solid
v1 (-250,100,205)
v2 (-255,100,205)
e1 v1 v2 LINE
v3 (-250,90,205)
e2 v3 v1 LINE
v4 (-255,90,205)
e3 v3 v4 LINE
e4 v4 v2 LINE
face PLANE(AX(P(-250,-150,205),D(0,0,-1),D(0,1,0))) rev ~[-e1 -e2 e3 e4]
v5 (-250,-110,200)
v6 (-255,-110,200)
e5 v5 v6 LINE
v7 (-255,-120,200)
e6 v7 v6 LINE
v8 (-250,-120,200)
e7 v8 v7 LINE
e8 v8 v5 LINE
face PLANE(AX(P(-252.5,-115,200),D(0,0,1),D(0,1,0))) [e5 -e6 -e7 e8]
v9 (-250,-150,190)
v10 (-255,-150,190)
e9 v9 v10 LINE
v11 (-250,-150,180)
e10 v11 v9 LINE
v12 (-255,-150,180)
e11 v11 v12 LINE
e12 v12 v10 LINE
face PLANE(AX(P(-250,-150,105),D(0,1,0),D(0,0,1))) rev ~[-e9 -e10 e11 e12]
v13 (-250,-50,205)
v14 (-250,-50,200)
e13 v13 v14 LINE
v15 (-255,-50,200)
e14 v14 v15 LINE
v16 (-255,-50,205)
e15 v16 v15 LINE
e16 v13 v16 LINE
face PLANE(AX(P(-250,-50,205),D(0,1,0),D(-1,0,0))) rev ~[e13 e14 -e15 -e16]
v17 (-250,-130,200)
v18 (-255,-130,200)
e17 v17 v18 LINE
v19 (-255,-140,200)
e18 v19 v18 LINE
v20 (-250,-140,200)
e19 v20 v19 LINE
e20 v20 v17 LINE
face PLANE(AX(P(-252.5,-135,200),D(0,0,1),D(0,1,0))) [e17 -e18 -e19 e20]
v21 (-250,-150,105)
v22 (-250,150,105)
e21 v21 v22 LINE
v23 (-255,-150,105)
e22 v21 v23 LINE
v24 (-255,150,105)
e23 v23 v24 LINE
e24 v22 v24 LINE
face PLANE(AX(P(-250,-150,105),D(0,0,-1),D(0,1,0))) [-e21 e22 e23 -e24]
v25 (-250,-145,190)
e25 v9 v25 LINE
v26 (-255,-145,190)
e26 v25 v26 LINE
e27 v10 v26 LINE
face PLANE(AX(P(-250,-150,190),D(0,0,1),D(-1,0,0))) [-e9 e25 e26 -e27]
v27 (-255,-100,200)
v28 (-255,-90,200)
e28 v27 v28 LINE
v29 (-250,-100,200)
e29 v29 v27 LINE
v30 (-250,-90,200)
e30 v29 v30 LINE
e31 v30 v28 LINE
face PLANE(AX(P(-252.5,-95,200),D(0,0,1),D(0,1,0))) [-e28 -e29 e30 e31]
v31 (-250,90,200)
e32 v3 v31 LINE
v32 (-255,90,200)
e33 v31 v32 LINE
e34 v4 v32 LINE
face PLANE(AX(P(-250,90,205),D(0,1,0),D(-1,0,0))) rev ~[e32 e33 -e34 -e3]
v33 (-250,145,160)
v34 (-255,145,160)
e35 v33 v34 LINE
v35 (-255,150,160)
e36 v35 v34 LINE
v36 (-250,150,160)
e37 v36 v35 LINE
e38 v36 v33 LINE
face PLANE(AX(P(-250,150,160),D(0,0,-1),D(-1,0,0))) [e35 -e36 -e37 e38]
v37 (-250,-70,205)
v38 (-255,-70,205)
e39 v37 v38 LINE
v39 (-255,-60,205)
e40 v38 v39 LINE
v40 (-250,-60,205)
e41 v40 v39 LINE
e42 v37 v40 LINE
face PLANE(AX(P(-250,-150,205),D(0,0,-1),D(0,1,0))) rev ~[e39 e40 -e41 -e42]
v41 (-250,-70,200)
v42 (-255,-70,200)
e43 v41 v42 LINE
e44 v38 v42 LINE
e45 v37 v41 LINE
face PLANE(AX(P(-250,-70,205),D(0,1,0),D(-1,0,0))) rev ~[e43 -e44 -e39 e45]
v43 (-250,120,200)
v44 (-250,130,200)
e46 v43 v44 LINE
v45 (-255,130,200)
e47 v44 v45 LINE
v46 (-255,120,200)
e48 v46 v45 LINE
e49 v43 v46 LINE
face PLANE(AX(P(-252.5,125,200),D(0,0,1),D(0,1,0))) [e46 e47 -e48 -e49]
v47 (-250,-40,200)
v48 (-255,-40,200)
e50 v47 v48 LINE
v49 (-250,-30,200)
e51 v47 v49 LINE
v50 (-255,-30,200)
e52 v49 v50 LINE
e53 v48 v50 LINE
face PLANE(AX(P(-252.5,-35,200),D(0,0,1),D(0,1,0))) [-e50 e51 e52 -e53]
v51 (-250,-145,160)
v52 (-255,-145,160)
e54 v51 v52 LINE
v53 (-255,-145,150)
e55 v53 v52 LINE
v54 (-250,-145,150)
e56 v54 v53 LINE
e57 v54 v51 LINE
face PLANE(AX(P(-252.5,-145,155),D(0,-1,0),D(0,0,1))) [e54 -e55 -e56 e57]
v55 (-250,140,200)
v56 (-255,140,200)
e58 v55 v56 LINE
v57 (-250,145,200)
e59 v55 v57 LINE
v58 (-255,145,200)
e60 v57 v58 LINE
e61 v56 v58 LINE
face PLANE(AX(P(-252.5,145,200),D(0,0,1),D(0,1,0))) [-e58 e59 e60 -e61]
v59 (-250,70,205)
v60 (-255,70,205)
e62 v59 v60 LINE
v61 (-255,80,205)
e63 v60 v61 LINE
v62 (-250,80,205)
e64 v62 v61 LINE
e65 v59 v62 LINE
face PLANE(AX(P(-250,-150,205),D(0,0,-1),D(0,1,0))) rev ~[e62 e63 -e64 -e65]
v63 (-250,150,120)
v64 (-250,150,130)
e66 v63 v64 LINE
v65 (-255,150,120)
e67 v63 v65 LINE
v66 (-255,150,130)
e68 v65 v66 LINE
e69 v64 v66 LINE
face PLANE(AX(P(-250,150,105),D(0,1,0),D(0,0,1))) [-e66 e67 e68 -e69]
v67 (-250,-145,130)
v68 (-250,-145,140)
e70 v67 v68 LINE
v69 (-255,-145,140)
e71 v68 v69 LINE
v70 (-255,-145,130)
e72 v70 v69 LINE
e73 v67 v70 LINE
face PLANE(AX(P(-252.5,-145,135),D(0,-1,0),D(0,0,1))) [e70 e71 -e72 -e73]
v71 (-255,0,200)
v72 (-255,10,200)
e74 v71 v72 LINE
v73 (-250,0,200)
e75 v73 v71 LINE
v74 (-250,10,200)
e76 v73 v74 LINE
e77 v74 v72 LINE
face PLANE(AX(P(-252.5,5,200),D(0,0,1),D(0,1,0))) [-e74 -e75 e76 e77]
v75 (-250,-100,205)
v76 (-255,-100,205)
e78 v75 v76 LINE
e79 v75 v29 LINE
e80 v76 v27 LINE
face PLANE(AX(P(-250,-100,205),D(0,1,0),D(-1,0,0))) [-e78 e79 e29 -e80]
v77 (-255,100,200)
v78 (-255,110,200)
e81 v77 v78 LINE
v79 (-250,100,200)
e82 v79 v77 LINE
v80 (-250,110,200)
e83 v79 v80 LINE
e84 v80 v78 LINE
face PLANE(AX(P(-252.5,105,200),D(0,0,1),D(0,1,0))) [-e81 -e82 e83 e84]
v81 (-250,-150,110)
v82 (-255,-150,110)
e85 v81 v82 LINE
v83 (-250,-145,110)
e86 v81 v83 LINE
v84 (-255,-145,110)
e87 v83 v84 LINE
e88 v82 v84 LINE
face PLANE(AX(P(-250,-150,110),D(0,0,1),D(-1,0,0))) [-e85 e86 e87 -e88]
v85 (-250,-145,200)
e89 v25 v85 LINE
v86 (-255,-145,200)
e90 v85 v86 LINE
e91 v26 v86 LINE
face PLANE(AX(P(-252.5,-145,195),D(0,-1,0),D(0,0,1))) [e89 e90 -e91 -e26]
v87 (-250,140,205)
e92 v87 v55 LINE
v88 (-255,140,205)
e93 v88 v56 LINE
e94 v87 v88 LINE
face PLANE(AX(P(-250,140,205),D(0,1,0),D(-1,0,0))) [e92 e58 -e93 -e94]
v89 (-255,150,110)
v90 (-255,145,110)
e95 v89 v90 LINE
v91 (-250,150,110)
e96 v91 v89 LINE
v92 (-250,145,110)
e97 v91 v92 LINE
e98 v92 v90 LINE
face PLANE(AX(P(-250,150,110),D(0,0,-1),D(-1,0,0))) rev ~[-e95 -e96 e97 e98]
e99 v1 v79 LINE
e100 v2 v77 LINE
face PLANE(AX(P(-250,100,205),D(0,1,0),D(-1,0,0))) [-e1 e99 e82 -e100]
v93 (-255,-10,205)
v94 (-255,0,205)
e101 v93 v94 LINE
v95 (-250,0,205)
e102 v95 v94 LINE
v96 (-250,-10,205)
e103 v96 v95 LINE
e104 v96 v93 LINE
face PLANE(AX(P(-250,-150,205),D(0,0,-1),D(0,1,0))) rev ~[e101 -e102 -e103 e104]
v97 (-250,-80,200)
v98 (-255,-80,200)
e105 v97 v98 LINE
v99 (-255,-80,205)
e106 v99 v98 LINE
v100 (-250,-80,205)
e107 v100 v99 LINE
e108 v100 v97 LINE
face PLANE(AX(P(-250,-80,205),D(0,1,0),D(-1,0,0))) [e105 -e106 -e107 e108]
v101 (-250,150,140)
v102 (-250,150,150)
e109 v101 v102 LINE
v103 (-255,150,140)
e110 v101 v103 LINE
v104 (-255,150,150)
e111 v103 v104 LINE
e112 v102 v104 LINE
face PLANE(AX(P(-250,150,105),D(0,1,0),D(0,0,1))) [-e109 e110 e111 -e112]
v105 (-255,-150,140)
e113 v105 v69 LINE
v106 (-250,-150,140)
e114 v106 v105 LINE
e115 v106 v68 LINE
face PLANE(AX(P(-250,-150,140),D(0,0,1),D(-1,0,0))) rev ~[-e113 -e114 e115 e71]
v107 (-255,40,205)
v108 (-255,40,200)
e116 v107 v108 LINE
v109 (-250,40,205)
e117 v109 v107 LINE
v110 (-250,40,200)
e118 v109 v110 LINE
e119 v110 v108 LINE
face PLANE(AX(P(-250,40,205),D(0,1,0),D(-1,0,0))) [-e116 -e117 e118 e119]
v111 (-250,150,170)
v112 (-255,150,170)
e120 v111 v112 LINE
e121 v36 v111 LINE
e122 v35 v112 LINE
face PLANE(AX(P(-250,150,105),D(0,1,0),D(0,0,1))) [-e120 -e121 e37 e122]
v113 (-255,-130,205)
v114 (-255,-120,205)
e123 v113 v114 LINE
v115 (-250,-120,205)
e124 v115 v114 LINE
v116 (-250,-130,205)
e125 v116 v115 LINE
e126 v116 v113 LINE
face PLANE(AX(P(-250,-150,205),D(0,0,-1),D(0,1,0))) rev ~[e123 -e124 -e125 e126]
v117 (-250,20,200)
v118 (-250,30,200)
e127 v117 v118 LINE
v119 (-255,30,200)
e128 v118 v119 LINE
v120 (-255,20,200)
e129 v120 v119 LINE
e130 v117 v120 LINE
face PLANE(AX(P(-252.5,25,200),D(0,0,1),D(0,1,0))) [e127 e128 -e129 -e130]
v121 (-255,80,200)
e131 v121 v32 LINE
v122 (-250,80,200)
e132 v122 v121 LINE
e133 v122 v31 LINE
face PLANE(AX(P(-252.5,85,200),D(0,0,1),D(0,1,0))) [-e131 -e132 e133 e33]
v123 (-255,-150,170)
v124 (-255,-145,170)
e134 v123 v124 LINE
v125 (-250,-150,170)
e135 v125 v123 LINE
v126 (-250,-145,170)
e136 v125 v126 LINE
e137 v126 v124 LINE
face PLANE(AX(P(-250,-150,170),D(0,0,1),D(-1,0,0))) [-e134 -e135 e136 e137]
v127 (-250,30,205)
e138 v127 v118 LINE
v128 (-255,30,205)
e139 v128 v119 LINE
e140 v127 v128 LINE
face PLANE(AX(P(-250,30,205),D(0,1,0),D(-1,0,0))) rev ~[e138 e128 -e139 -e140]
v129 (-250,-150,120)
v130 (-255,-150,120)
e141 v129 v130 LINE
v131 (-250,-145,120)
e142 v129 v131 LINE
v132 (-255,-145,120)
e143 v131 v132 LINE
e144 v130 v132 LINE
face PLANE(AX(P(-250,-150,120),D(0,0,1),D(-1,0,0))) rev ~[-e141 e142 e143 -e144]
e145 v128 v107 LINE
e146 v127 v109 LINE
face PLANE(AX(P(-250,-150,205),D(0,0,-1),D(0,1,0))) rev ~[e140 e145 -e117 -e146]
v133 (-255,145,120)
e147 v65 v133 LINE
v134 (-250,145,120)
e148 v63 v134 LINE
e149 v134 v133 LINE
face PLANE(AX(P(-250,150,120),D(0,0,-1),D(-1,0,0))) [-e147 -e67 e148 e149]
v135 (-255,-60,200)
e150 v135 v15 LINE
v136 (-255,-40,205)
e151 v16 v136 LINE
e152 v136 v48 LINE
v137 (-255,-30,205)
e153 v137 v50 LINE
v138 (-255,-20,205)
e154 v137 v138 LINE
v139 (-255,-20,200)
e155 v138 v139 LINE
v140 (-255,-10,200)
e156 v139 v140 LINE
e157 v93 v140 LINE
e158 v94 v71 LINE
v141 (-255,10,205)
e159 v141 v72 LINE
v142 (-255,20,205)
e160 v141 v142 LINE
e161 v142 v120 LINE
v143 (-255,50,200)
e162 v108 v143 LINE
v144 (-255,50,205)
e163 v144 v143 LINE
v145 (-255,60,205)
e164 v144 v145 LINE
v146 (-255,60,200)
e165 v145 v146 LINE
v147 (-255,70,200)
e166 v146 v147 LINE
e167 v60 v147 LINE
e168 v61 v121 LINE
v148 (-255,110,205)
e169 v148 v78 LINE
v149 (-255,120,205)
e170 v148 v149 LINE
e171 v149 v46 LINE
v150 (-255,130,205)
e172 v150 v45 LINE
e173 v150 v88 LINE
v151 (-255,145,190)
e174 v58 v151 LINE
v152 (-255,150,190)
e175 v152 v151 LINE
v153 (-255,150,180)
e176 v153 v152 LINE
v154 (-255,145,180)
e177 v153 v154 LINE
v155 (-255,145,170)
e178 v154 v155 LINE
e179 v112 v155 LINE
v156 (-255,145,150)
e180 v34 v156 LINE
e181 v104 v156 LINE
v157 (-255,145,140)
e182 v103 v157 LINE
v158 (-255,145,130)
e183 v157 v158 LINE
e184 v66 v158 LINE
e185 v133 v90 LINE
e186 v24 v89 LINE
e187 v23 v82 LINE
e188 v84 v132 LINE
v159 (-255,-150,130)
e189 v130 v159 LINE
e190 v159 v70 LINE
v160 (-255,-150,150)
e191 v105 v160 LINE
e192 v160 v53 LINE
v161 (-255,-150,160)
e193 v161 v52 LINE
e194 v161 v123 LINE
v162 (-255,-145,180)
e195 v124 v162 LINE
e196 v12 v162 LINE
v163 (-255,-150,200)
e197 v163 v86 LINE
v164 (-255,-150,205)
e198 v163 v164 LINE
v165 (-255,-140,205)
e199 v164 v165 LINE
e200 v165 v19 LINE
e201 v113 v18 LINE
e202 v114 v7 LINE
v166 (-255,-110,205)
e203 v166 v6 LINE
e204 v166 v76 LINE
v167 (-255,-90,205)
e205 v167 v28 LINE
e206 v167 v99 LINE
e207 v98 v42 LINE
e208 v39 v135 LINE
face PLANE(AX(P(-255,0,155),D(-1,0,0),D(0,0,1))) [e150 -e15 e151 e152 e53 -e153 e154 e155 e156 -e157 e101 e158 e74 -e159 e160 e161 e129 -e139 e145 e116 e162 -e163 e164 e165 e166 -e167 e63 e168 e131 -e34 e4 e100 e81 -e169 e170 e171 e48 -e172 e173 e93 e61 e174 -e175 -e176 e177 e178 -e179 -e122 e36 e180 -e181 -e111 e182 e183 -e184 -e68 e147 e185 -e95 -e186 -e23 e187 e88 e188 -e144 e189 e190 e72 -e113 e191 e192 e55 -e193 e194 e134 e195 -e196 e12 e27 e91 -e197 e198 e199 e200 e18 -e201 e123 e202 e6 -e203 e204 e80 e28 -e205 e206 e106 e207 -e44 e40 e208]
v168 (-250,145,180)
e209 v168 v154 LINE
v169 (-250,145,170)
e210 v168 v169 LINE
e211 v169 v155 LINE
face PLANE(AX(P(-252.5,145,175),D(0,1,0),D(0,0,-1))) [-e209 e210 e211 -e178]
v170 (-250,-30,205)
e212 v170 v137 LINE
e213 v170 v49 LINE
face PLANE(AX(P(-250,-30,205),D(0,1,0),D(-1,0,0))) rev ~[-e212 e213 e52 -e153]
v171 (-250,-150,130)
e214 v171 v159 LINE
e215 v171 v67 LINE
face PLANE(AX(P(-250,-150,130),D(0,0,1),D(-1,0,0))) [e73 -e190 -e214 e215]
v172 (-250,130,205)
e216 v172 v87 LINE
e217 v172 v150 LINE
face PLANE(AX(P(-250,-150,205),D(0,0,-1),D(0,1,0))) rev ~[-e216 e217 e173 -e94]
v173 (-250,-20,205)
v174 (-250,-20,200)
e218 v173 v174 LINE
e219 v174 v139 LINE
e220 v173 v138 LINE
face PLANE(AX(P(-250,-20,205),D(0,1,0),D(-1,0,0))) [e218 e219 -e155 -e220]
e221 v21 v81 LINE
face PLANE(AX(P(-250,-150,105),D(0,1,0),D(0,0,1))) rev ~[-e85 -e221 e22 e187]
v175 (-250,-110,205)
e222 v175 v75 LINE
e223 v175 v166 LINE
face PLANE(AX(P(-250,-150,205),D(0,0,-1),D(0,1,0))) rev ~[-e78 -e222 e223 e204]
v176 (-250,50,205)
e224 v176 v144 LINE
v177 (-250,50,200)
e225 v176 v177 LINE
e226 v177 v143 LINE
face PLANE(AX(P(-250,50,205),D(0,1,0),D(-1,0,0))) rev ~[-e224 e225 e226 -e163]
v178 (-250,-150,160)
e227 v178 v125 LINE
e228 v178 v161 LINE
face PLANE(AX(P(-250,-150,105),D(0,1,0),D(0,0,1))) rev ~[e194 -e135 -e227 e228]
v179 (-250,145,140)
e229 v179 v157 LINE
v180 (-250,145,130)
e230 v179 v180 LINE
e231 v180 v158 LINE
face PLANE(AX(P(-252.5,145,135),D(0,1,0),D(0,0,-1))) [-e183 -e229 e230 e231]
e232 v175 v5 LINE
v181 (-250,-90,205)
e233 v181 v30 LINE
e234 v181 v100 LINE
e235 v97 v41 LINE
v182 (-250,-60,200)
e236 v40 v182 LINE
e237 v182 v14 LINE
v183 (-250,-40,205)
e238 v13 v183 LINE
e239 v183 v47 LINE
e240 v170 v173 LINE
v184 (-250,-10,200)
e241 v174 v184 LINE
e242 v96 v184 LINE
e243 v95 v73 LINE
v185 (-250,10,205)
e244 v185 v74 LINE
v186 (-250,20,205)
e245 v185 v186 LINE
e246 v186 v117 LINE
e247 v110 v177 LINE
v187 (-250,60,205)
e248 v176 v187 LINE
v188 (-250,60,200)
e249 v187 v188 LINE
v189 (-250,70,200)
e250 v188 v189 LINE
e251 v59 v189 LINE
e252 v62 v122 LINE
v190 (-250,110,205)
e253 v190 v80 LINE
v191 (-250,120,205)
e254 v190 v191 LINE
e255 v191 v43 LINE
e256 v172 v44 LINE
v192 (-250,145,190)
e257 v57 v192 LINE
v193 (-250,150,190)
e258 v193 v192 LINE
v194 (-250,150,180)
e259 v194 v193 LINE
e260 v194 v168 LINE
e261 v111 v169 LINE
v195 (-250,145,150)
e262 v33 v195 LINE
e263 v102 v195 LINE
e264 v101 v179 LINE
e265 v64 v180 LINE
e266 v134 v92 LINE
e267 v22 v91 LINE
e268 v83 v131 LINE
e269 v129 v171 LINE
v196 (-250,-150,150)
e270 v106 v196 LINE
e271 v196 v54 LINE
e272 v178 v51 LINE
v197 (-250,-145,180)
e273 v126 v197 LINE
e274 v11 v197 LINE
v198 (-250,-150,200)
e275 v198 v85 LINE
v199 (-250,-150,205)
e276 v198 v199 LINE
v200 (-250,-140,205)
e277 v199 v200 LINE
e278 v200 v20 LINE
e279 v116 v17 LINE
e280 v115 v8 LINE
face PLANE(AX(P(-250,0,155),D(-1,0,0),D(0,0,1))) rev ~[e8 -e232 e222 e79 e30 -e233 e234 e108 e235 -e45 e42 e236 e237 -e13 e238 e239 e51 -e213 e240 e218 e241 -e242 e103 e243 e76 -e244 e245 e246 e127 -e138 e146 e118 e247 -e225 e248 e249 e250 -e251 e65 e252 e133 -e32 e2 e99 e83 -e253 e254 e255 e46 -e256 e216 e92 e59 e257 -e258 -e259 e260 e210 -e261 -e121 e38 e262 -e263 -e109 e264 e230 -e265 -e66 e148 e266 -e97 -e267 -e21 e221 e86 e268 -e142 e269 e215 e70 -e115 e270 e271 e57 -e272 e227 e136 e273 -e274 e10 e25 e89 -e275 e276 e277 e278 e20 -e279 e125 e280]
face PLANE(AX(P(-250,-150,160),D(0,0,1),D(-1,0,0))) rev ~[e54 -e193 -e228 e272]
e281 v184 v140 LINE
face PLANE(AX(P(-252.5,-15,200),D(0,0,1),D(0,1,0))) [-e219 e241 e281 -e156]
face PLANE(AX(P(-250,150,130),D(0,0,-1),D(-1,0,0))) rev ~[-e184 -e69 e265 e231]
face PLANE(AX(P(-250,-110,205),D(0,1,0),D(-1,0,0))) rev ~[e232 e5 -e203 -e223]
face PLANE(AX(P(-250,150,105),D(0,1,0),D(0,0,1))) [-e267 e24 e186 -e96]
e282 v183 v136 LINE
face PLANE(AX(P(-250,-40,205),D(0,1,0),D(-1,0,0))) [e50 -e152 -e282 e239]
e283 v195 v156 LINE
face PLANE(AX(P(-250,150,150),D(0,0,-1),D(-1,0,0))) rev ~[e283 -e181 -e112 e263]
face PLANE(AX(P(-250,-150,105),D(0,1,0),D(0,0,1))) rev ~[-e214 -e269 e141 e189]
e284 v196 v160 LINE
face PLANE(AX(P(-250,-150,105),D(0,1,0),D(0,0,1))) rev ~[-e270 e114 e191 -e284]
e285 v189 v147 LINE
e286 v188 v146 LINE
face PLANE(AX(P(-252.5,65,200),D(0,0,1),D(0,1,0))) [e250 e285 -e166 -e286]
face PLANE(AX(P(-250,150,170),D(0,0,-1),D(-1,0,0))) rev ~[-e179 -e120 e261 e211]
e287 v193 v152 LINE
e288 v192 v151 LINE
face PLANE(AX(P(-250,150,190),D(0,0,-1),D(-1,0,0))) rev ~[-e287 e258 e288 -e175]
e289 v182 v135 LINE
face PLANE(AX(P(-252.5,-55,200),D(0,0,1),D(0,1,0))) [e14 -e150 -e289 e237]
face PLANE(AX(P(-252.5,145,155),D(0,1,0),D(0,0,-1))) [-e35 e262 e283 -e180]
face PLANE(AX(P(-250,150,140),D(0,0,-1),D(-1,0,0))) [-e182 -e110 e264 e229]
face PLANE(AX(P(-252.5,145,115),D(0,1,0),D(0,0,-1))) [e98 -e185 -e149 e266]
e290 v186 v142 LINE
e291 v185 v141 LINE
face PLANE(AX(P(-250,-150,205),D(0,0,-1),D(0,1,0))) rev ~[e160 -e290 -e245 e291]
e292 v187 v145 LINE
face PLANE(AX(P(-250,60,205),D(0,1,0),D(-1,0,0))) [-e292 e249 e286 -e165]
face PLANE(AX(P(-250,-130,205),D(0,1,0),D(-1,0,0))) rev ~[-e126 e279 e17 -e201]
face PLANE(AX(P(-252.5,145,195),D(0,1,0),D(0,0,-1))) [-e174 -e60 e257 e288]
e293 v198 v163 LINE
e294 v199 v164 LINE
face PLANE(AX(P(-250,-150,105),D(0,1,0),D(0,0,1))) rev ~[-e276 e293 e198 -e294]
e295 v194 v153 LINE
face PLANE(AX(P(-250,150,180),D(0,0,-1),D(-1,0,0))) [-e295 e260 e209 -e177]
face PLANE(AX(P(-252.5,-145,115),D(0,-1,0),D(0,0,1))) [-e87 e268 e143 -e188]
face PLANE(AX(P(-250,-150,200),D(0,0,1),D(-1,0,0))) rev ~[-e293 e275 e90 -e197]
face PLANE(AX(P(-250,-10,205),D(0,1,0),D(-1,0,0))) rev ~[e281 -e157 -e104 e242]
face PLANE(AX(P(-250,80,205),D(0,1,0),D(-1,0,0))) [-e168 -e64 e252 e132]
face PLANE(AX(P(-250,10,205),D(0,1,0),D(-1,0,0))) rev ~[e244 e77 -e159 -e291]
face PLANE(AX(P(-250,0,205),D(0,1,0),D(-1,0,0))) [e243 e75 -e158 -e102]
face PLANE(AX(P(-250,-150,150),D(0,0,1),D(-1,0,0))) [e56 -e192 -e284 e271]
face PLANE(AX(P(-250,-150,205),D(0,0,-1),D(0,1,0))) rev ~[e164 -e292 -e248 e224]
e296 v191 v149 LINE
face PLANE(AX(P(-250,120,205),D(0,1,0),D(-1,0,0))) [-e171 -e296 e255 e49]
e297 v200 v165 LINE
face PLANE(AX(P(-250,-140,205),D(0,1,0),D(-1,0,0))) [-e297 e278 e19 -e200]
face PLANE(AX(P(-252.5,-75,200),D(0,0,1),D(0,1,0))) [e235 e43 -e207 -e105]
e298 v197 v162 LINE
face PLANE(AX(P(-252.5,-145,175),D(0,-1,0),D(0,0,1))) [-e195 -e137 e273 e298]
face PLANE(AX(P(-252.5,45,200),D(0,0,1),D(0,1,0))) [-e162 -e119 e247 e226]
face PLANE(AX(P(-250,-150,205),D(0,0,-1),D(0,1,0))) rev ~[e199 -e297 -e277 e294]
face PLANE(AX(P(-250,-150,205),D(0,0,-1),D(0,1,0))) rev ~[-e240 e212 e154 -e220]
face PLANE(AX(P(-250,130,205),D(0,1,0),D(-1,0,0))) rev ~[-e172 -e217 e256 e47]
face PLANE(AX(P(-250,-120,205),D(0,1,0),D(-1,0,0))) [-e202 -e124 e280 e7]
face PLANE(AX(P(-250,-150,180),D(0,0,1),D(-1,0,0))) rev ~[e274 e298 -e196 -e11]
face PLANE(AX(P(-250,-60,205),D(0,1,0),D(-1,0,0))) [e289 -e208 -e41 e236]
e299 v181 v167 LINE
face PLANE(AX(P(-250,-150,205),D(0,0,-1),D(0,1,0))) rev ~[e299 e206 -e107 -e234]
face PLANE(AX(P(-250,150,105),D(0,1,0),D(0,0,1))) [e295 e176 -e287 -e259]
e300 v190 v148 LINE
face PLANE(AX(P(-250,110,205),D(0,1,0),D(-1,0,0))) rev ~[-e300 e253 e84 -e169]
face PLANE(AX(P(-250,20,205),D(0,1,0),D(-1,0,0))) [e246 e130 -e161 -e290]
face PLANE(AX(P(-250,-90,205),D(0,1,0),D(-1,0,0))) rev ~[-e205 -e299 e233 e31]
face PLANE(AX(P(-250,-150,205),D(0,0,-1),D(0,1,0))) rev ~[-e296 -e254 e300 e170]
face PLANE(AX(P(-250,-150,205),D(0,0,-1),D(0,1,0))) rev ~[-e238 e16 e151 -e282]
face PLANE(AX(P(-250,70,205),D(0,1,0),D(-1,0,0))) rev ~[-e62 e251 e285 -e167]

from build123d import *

# Parameters (mm, degrees)
SKETCH014_W             = 100
SKETCH014_H             = 300
PAD012_DEPTH            = 5
SKETCH037_W             = 10
SKETCH037_H             = 5
POCKET008_DEPTH         = 5
LINEARPATTERN017_COUNT  = 5
LINEARPATTERN017_PITCH  = 20
SKETCH038_W             = 10
SKETCH038_H             = 5
POCKET009_DEPTH         = 5
LINEARPATTERN018_COUNT  = 5
LINEARPATTERN018_PITCH  = 20
SKETCH039_W             = 10
SKETCH039_H             = 5
POCKET010_DEPTH         = 5
LINEARPATTERN019_COUNT  = 15
LINEARPATTERN019_PITCH  = 20
BODY012_PLACEMENT_ANGLE = 90


with BuildPart() as part:
    # Sketch014 → Pad012 (new body)
    with BuildSketch(Plane.XY):
        Rectangle(SKETCH014_W, SKETCH014_H)
    extrude(amount=PAD012_DEPTH)

    # Sketch037 (on DatumPlane) → Pocket008 (cut)
    with BuildSketch(Plane.XZ.offset(150)):
        with Locations((-40, 2.5)):
            Rectangle(SKETCH037_W, SKETCH037_H)
    pocket008 = extrude(amount=-POCKET008_DEPTH, mode=Mode.SUBTRACT)

    # LinearPattern017: Pocket008 ×5
    with Locations(*[(i * LINEARPATTERN017_PITCH, 0, 0) for i in range(1, LINEARPATTERN017_COUNT)]):
        add(pocket008, mode=Mode.SUBTRACT)

    # Sketch038 (on DatumPlane) → Pocket009 (cut)
    with BuildSketch(Plane(origin=(0, 150, 0), x_dir=(-1, 0, 0), z_dir=(0, 1, 0))):
        with Locations((-40, 2.5)):
            Rectangle(SKETCH038_W, SKETCH038_H)
    pocket009 = extrude(amount=-POCKET009_DEPTH, mode=Mode.SUBTRACT)

    # LinearPattern018: Pocket009 ×5
    with Locations(*[(-i * LINEARPATTERN018_PITCH, 0, 0) for i in range(1, LINEARPATTERN018_COUNT)]):
        add(pocket009, mode=Mode.SUBTRACT)

    # Sketch039 (on DatumPlane) → Pocket010 (cut)
    with BuildSketch(Plane.YZ.offset(50)):
        with Locations((-135, 2.5)):
            Rectangle(SKETCH039_W, SKETCH039_H)
    pocket010 = extrude(amount=-POCKET010_DEPTH, mode=Mode.SUBTRACT)

    # LinearPattern019: Pocket010 ×15
    with Locations(*[(0, i * LINEARPATTERN019_PITCH, 0) for i in range(1, LINEARPATTERN019_COUNT)]):
        add(pocket010, mode=Mode.SUBTRACT)


with BuildPart() as part_1:
    # Body012 placement: moved
    add(part.part.moved(Location((-250, 0, 155))).rotate(Axis((-250, 0, 155), (0, -1, 0)), BODY012_PLACEMENT_ANGLE))


solid = part_1.part
